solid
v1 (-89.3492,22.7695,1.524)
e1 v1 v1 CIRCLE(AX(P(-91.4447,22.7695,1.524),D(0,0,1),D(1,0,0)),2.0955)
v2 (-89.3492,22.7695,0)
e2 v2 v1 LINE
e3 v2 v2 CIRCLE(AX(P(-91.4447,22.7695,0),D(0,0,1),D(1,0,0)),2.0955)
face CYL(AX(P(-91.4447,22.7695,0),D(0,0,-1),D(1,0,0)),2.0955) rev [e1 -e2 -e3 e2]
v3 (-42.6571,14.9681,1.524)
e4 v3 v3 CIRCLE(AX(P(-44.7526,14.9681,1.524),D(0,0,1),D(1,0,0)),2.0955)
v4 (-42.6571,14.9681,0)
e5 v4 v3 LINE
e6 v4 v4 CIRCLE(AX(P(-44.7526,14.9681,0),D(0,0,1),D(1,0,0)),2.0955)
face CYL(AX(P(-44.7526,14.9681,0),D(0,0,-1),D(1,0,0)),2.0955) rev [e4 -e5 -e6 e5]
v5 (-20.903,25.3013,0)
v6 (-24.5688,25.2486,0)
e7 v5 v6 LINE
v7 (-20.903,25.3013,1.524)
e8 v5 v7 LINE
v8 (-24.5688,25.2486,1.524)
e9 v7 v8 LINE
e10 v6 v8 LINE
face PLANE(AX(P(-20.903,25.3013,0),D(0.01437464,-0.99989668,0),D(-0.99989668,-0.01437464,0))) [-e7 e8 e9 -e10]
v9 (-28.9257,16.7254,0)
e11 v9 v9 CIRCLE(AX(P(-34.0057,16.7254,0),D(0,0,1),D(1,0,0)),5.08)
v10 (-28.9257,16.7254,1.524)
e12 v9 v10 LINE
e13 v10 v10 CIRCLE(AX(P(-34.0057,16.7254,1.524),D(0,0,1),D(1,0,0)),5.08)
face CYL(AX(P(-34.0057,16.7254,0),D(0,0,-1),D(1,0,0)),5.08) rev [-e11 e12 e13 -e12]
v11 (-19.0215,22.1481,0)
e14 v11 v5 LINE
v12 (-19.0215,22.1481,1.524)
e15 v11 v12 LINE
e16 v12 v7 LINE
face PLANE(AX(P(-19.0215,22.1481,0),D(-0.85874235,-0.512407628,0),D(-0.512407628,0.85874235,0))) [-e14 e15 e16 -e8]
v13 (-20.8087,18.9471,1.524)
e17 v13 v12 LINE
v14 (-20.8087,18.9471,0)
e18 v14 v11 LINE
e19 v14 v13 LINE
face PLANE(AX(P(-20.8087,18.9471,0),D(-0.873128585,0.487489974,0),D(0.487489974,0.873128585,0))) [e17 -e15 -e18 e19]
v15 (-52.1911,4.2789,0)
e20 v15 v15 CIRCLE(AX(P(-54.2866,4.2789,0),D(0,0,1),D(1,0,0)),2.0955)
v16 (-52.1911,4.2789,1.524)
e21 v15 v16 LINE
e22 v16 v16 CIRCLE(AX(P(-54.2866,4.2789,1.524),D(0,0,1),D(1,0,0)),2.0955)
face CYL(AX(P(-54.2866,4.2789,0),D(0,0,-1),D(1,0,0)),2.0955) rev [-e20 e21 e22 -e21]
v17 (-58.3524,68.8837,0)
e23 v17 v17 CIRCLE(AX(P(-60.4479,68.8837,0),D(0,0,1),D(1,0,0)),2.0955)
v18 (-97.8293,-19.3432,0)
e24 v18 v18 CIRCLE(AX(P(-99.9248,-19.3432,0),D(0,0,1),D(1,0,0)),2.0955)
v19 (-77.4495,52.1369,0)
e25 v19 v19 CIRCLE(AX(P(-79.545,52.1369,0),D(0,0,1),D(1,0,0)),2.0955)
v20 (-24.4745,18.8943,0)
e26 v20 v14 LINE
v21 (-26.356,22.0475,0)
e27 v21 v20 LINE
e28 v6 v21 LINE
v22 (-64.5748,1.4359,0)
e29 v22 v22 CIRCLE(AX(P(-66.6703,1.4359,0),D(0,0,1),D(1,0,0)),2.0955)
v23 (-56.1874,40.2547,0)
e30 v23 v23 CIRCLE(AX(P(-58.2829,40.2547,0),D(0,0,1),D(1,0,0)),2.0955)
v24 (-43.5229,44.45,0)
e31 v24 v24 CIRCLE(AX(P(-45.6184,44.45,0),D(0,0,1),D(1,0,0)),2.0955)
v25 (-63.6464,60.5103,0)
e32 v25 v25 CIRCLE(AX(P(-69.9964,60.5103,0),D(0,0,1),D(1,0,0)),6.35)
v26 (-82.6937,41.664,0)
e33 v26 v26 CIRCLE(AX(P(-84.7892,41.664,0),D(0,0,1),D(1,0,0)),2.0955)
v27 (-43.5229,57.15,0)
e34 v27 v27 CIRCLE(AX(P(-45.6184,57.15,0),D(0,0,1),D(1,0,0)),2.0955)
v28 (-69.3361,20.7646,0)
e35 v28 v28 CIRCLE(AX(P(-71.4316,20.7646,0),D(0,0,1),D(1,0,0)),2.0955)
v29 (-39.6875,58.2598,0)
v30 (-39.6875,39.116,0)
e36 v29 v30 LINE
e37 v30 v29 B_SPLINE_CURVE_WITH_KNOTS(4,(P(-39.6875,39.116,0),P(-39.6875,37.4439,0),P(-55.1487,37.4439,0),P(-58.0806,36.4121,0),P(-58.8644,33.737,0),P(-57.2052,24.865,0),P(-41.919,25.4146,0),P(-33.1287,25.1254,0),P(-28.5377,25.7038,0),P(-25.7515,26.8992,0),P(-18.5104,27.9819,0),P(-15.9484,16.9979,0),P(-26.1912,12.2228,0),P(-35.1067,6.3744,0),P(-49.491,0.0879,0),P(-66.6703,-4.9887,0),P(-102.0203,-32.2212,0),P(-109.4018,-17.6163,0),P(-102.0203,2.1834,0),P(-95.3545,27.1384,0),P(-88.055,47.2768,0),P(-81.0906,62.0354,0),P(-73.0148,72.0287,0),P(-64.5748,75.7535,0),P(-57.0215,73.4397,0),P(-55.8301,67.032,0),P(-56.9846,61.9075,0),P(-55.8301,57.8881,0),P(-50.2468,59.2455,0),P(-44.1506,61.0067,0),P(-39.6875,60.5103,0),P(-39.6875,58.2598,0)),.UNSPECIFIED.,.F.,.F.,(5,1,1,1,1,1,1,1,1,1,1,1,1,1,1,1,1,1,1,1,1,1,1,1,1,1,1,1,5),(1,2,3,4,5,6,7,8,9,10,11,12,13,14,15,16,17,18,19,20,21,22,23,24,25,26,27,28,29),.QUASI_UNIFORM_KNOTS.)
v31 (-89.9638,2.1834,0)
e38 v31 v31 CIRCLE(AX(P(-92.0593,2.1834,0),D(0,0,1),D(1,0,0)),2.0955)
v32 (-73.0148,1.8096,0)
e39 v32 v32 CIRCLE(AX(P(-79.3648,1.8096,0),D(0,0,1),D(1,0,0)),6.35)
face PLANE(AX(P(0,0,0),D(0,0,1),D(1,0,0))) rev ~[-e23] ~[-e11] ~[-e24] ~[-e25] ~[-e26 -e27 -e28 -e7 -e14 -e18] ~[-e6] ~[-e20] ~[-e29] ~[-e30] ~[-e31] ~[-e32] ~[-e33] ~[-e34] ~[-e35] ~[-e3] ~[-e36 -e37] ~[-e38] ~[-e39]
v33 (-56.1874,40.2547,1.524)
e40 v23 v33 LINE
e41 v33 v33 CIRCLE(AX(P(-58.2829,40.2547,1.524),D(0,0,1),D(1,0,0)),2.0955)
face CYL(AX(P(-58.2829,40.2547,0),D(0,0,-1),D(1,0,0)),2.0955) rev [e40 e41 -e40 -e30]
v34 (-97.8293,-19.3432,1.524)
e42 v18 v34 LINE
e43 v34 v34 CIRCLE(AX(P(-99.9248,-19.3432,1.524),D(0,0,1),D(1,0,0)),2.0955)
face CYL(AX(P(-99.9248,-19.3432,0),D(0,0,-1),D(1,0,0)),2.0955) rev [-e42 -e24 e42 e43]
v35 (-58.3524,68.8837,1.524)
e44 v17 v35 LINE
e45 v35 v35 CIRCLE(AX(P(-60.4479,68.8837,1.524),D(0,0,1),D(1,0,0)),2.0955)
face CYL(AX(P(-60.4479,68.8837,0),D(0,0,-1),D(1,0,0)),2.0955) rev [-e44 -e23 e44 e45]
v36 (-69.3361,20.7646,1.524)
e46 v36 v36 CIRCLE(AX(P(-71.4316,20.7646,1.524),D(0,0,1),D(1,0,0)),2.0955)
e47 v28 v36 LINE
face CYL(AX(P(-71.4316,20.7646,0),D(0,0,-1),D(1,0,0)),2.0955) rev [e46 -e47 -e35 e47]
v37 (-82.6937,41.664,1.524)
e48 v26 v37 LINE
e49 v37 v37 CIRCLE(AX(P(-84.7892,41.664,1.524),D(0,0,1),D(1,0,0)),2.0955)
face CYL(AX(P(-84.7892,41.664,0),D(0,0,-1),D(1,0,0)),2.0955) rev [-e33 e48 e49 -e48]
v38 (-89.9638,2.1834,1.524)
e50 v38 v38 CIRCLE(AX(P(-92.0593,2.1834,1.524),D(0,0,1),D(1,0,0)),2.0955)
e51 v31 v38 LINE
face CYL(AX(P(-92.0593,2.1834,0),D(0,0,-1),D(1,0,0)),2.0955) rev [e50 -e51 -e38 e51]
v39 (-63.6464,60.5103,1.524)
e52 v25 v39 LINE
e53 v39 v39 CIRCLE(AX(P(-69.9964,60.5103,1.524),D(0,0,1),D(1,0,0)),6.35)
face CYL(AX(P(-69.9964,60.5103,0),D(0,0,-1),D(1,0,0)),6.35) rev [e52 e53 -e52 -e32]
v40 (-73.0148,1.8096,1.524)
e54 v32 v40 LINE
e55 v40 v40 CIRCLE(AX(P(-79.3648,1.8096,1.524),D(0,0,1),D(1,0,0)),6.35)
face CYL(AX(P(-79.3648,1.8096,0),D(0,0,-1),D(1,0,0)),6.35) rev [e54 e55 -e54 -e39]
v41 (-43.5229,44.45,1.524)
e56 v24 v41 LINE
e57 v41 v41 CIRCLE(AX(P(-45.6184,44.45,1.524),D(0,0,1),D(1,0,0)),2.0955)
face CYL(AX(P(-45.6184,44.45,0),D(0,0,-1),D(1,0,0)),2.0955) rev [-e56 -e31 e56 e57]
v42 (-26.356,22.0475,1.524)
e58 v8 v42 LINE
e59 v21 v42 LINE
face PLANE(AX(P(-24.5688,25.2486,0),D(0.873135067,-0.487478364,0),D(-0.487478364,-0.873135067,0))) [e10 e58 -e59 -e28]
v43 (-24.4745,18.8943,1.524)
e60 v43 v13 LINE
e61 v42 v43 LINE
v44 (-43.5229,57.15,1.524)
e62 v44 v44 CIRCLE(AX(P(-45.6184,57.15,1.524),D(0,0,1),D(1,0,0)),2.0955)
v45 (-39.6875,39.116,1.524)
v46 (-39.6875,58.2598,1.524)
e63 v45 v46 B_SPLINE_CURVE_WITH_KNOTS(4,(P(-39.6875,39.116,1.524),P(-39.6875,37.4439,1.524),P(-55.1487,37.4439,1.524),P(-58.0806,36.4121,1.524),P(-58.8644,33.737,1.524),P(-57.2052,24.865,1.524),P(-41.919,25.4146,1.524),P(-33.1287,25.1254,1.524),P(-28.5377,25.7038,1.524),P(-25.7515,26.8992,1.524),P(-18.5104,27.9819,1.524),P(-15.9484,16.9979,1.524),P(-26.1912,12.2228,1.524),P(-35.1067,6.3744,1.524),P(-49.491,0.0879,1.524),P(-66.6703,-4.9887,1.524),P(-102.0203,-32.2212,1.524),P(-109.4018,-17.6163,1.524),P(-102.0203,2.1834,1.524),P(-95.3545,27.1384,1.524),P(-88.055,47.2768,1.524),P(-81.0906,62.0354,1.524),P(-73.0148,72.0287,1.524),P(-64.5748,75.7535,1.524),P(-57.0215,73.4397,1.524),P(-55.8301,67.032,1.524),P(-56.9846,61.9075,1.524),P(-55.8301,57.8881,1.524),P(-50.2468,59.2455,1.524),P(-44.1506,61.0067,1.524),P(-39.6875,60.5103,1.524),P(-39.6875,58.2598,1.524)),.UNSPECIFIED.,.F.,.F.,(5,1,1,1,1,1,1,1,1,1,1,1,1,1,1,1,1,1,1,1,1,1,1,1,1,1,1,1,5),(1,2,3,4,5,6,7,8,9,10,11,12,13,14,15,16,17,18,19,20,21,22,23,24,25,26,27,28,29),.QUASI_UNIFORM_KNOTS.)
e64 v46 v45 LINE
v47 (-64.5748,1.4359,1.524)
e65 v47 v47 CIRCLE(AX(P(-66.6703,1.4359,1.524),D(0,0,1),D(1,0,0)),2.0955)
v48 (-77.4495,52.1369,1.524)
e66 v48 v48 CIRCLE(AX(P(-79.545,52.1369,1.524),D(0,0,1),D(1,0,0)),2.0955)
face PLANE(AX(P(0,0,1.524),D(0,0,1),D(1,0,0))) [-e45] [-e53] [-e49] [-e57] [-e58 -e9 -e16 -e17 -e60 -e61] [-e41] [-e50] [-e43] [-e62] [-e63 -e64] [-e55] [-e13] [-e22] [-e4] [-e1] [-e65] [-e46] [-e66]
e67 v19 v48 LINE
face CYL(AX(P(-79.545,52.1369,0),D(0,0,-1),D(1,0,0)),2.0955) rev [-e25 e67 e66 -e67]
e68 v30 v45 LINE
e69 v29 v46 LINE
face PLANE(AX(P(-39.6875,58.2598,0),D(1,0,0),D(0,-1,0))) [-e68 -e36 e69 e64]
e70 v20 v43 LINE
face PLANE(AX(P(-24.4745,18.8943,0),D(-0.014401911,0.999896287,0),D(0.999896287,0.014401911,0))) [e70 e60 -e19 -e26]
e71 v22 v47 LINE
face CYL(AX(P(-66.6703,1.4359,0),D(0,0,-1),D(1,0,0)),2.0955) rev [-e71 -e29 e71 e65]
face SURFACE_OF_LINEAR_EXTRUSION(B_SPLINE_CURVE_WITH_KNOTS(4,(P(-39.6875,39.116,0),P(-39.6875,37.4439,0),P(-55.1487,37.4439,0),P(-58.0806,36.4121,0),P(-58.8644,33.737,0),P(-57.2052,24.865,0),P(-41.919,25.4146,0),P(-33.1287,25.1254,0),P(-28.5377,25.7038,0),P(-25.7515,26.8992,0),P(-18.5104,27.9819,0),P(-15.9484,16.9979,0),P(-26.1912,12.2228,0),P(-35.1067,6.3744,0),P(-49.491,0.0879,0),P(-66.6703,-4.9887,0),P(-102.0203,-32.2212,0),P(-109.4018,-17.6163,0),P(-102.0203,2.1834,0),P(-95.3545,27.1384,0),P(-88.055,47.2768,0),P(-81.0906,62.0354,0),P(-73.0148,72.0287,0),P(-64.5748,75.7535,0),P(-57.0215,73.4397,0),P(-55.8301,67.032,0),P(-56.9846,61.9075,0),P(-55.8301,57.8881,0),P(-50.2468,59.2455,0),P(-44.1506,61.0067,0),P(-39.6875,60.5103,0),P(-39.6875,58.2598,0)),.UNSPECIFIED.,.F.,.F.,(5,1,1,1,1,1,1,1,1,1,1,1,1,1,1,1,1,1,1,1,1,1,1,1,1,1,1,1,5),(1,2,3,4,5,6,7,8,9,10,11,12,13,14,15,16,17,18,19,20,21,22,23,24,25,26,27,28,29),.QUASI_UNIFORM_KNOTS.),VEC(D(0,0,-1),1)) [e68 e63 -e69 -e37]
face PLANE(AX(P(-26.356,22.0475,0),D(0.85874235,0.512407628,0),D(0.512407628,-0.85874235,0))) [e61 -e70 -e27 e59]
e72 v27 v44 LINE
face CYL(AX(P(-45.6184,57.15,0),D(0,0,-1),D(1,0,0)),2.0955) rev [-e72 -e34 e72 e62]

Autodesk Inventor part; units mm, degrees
ref_plane "YZ Plane" through (0, 0, 0) normal (1, 0, 0) x (0, 1, 0)
ref_plane "XZ Plane" through (0, 0, 0) normal (0, 1, 0) x (-1, 0, 0)
ref_plane "XY Plane" through (0, 0, 0) normal (0, 0, 1) x (1, 0, 0)
sketch "Sketch1" plane through (0, 0, 0) normal (0, 0, 1) x (1, 0, 0)
  circle A0 centre (-45.6184, 44.45) radius 2.0955
  circle A1 centre (-45.6184, 57.15) radius 2.0955
  circle A2 centre (-79.3648, 1.8096) radius 6.35
  circle A3 centre (-58.2829, 40.2547) radius 2.0955
  circle A4 centre (-84.7892, 41.664) radius 2.0955
  circle A5 centre (-66.6703, 1.4359) radius 2.0955
  circle A6 centre (-92.0593, 2.1834) radius 2.0955
  circle A7 centre (-71.4316, 20.7646) radius 2.0955
  circle A8 centre (-91.4447, 22.7695) radius 2.0955
  circle A9 centre (-69.9964, 60.5103) radius 6.35
  circle A10 centre (-60.4479, 68.8837) radius 2.0955
  circle A11 centre (-79.545, 52.1369) radius 2.0955
  line L0 (-26.356, 22.0475) -> (-24.4745, 18.8943)
  line L1 (-24.4745, 18.8943) -> (-20.8087, 18.9471)
  line L2 (-20.8087, 18.9471) -> (-19.0215, 22.1481)
  line L3 (-19.0215, 22.1481) -> (-20.903, 25.3013)
  line L4 (-20.903, 25.3013) -> (-24.5688, 25.2486)
  line L5 (-24.5688, 25.2486) -> (-26.356, 22.0475)
  line L6 (-39.6875, 58.2598) -> (-39.6875, 39.116)
  circle A12 centre (-54.2866, 4.2789) radius 2.0955
  circle A13 centre (-34.0057, 16.7254) radius 5.08
  line L7 (-39.6875, 39.116) -> (-39.6875, 37.4439) construction
  line L8 (-39.6875, 37.4439) -> (-55.1487, 37.4439) construction
  line L9 (-55.1487, 37.4439) -> (-58.0806, 36.4121) construction
  line L10 (-58.0806, 36.4121) -> (-58.8644, 33.737) construction
  line L11 (-58.8644, 33.737) -> (-57.2052, 24.865) construction
  line L12 (-57.2052, 24.865) -> (-41.919, 25.4146) construction
  line L13 (-41.919, 25.4146) -> (-33.1287, 25.1254) construction
  line L14 (-33.1287, 25.1254) -> (-28.5377, 25.7038) construction
  line L15 (-28.5377, 25.7038) -> (-25.7515, 26.8992) construction
  line L16 (-25.7515, 26.8992) -> (-18.5104, 27.9819) construction
  line L17 (-18.5104, 27.9819) -> (-15.9484, 16.9979) construction
  line L18 (-15.9484, 16.9979) -> (-26.1912, 12.2228) construction
  line L19 (-26.1912, 12.2228) -> (-35.1067, 6.3744) construction
  line L20 (-35.1067, 6.3744) -> (-49.491, 0.0879) construction
  line L21 (-49.491, 0.0879) -> (-66.6703, -4.9887) construction
  line L22 (-66.6703, -4.9887) -> (-102.0203, -32.2212) construction
  line L23 (-102.0203, -32.2212) -> (-109.4018, -17.6163) construction
  line L24 (-109.4018, -17.6163) -> (-102.0203, 2.1834) construction
  line L25 (-102.0203, 2.1834) -> (-95.3545, 27.1384) construction
  line L26 (-95.3545, 27.1384) -> (-88.055, 47.2768) construction
  line L27 (-88.055, 47.2768) -> (-81.0906, 62.0354) construction
  line L28 (-81.0906, 62.0354) -> (-73.0148, 72.0287) construction
  line L29 (-73.0148, 72.0287) -> (-64.5748, 75.7535) construction
  line L30 (-64.5748, 75.7535) -> (-57.0215, 73.4397) construction
  line L31 (-57.0215, 73.4397) -> (-55.8301, 67.032) construction
  line L32 (-55.8301, 67.032) -> (-56.9846, 61.9075) construction
  line L33 (-56.9846, 61.9075) -> (-55.8301, 57.8881) construction
  line L34 (-55.8301, 57.8881) -> (-50.2468, 59.2455) construction
  line L35 (-50.2468, 59.2455) -> (-44.1506, 61.0067) construction
  line L36 (-44.1506, 61.0067) -> (-39.6875, 60.5103) construction
  line L37 (-39.6875, 60.5103) -> (-39.6875, 58.2598) construction
  spline S0 degree 4 poles (-39.6875, 39.116) (-39.6875, 37.4439) (-55.1487, 37.4439) (-58.0806, 36.4121) (-58.8644, 33.737) (-57.2052, 24.865) (-41.919, 25.4146) (-33.1287, 25.1254) (-28.5377, 25.7038) (-25.7515, 26.8992) (-18.5104, 27.9819) (-15.9484, 16.9979) (-26.1912, 12.2228) (-35.1067, 6.3744) (-49.491, 0.0879) (-66.6703, -4.9887) (-102.0203, -32.2212) (-109.4018, -17.6163) (-102.0203, 2.1834) (-95.3545, 27.1384) (-88.055, 47.2768) (-81.0906, 62.0354) (-73.0148, 72.0287) (-64.5748, 75.7535) (-57.0215, 73.4397) (-55.8301, 67.032) (-56.9846, 61.9075) (-55.8301, 57.8881) (-50.2468, 59.2455) (-44.1506, 61.0067) (-39.6875, 60.5103) (-39.6875, 58.2598) knots 1 1 1 1 1 2 3 4 5 6 7 8 9 10 11 12 13 14 15 16 17 18 19 20 21 22 23 24 25 26 27 28 29 29 29 29 29
  circle A14 centre (-44.7526, 14.9681) radius 2.0955
  circle A15 centre (-99.9248, -19.3432) radius 2.0955
  point P0 (0, 0)
  point P1 (-79.3931, 52.0233)
  point P2 (-60.4186, 72.0287)
  point P3 (-81.0906, 53.8995)
  dimension "d23" = 4.191
  dimension "d24" = 4.191
  dimension "d60" = 4.191
  dimension "d61" = 4.191
  dimension "d62" = 12.7
  dimension "d63" = 4.191
  dimension "d64" = 4.191
  dimension "d65" = 12.7
  dimension "d68" = 4.191
  dimension "d69" = 4.191
  dimension "d70" = 12.7
  dimension "d71" = 4.191
  dimension "d72" = 4.191
  dimension "d73" = 4.191
  dimension "d76" = 10.16
  dimension "d77" = 4.191
  dimension "d78" = 4.191
extrude "Extrusion5" add sketch "Sketch1" along normal blind 1.524
properties part number "third-stage"
